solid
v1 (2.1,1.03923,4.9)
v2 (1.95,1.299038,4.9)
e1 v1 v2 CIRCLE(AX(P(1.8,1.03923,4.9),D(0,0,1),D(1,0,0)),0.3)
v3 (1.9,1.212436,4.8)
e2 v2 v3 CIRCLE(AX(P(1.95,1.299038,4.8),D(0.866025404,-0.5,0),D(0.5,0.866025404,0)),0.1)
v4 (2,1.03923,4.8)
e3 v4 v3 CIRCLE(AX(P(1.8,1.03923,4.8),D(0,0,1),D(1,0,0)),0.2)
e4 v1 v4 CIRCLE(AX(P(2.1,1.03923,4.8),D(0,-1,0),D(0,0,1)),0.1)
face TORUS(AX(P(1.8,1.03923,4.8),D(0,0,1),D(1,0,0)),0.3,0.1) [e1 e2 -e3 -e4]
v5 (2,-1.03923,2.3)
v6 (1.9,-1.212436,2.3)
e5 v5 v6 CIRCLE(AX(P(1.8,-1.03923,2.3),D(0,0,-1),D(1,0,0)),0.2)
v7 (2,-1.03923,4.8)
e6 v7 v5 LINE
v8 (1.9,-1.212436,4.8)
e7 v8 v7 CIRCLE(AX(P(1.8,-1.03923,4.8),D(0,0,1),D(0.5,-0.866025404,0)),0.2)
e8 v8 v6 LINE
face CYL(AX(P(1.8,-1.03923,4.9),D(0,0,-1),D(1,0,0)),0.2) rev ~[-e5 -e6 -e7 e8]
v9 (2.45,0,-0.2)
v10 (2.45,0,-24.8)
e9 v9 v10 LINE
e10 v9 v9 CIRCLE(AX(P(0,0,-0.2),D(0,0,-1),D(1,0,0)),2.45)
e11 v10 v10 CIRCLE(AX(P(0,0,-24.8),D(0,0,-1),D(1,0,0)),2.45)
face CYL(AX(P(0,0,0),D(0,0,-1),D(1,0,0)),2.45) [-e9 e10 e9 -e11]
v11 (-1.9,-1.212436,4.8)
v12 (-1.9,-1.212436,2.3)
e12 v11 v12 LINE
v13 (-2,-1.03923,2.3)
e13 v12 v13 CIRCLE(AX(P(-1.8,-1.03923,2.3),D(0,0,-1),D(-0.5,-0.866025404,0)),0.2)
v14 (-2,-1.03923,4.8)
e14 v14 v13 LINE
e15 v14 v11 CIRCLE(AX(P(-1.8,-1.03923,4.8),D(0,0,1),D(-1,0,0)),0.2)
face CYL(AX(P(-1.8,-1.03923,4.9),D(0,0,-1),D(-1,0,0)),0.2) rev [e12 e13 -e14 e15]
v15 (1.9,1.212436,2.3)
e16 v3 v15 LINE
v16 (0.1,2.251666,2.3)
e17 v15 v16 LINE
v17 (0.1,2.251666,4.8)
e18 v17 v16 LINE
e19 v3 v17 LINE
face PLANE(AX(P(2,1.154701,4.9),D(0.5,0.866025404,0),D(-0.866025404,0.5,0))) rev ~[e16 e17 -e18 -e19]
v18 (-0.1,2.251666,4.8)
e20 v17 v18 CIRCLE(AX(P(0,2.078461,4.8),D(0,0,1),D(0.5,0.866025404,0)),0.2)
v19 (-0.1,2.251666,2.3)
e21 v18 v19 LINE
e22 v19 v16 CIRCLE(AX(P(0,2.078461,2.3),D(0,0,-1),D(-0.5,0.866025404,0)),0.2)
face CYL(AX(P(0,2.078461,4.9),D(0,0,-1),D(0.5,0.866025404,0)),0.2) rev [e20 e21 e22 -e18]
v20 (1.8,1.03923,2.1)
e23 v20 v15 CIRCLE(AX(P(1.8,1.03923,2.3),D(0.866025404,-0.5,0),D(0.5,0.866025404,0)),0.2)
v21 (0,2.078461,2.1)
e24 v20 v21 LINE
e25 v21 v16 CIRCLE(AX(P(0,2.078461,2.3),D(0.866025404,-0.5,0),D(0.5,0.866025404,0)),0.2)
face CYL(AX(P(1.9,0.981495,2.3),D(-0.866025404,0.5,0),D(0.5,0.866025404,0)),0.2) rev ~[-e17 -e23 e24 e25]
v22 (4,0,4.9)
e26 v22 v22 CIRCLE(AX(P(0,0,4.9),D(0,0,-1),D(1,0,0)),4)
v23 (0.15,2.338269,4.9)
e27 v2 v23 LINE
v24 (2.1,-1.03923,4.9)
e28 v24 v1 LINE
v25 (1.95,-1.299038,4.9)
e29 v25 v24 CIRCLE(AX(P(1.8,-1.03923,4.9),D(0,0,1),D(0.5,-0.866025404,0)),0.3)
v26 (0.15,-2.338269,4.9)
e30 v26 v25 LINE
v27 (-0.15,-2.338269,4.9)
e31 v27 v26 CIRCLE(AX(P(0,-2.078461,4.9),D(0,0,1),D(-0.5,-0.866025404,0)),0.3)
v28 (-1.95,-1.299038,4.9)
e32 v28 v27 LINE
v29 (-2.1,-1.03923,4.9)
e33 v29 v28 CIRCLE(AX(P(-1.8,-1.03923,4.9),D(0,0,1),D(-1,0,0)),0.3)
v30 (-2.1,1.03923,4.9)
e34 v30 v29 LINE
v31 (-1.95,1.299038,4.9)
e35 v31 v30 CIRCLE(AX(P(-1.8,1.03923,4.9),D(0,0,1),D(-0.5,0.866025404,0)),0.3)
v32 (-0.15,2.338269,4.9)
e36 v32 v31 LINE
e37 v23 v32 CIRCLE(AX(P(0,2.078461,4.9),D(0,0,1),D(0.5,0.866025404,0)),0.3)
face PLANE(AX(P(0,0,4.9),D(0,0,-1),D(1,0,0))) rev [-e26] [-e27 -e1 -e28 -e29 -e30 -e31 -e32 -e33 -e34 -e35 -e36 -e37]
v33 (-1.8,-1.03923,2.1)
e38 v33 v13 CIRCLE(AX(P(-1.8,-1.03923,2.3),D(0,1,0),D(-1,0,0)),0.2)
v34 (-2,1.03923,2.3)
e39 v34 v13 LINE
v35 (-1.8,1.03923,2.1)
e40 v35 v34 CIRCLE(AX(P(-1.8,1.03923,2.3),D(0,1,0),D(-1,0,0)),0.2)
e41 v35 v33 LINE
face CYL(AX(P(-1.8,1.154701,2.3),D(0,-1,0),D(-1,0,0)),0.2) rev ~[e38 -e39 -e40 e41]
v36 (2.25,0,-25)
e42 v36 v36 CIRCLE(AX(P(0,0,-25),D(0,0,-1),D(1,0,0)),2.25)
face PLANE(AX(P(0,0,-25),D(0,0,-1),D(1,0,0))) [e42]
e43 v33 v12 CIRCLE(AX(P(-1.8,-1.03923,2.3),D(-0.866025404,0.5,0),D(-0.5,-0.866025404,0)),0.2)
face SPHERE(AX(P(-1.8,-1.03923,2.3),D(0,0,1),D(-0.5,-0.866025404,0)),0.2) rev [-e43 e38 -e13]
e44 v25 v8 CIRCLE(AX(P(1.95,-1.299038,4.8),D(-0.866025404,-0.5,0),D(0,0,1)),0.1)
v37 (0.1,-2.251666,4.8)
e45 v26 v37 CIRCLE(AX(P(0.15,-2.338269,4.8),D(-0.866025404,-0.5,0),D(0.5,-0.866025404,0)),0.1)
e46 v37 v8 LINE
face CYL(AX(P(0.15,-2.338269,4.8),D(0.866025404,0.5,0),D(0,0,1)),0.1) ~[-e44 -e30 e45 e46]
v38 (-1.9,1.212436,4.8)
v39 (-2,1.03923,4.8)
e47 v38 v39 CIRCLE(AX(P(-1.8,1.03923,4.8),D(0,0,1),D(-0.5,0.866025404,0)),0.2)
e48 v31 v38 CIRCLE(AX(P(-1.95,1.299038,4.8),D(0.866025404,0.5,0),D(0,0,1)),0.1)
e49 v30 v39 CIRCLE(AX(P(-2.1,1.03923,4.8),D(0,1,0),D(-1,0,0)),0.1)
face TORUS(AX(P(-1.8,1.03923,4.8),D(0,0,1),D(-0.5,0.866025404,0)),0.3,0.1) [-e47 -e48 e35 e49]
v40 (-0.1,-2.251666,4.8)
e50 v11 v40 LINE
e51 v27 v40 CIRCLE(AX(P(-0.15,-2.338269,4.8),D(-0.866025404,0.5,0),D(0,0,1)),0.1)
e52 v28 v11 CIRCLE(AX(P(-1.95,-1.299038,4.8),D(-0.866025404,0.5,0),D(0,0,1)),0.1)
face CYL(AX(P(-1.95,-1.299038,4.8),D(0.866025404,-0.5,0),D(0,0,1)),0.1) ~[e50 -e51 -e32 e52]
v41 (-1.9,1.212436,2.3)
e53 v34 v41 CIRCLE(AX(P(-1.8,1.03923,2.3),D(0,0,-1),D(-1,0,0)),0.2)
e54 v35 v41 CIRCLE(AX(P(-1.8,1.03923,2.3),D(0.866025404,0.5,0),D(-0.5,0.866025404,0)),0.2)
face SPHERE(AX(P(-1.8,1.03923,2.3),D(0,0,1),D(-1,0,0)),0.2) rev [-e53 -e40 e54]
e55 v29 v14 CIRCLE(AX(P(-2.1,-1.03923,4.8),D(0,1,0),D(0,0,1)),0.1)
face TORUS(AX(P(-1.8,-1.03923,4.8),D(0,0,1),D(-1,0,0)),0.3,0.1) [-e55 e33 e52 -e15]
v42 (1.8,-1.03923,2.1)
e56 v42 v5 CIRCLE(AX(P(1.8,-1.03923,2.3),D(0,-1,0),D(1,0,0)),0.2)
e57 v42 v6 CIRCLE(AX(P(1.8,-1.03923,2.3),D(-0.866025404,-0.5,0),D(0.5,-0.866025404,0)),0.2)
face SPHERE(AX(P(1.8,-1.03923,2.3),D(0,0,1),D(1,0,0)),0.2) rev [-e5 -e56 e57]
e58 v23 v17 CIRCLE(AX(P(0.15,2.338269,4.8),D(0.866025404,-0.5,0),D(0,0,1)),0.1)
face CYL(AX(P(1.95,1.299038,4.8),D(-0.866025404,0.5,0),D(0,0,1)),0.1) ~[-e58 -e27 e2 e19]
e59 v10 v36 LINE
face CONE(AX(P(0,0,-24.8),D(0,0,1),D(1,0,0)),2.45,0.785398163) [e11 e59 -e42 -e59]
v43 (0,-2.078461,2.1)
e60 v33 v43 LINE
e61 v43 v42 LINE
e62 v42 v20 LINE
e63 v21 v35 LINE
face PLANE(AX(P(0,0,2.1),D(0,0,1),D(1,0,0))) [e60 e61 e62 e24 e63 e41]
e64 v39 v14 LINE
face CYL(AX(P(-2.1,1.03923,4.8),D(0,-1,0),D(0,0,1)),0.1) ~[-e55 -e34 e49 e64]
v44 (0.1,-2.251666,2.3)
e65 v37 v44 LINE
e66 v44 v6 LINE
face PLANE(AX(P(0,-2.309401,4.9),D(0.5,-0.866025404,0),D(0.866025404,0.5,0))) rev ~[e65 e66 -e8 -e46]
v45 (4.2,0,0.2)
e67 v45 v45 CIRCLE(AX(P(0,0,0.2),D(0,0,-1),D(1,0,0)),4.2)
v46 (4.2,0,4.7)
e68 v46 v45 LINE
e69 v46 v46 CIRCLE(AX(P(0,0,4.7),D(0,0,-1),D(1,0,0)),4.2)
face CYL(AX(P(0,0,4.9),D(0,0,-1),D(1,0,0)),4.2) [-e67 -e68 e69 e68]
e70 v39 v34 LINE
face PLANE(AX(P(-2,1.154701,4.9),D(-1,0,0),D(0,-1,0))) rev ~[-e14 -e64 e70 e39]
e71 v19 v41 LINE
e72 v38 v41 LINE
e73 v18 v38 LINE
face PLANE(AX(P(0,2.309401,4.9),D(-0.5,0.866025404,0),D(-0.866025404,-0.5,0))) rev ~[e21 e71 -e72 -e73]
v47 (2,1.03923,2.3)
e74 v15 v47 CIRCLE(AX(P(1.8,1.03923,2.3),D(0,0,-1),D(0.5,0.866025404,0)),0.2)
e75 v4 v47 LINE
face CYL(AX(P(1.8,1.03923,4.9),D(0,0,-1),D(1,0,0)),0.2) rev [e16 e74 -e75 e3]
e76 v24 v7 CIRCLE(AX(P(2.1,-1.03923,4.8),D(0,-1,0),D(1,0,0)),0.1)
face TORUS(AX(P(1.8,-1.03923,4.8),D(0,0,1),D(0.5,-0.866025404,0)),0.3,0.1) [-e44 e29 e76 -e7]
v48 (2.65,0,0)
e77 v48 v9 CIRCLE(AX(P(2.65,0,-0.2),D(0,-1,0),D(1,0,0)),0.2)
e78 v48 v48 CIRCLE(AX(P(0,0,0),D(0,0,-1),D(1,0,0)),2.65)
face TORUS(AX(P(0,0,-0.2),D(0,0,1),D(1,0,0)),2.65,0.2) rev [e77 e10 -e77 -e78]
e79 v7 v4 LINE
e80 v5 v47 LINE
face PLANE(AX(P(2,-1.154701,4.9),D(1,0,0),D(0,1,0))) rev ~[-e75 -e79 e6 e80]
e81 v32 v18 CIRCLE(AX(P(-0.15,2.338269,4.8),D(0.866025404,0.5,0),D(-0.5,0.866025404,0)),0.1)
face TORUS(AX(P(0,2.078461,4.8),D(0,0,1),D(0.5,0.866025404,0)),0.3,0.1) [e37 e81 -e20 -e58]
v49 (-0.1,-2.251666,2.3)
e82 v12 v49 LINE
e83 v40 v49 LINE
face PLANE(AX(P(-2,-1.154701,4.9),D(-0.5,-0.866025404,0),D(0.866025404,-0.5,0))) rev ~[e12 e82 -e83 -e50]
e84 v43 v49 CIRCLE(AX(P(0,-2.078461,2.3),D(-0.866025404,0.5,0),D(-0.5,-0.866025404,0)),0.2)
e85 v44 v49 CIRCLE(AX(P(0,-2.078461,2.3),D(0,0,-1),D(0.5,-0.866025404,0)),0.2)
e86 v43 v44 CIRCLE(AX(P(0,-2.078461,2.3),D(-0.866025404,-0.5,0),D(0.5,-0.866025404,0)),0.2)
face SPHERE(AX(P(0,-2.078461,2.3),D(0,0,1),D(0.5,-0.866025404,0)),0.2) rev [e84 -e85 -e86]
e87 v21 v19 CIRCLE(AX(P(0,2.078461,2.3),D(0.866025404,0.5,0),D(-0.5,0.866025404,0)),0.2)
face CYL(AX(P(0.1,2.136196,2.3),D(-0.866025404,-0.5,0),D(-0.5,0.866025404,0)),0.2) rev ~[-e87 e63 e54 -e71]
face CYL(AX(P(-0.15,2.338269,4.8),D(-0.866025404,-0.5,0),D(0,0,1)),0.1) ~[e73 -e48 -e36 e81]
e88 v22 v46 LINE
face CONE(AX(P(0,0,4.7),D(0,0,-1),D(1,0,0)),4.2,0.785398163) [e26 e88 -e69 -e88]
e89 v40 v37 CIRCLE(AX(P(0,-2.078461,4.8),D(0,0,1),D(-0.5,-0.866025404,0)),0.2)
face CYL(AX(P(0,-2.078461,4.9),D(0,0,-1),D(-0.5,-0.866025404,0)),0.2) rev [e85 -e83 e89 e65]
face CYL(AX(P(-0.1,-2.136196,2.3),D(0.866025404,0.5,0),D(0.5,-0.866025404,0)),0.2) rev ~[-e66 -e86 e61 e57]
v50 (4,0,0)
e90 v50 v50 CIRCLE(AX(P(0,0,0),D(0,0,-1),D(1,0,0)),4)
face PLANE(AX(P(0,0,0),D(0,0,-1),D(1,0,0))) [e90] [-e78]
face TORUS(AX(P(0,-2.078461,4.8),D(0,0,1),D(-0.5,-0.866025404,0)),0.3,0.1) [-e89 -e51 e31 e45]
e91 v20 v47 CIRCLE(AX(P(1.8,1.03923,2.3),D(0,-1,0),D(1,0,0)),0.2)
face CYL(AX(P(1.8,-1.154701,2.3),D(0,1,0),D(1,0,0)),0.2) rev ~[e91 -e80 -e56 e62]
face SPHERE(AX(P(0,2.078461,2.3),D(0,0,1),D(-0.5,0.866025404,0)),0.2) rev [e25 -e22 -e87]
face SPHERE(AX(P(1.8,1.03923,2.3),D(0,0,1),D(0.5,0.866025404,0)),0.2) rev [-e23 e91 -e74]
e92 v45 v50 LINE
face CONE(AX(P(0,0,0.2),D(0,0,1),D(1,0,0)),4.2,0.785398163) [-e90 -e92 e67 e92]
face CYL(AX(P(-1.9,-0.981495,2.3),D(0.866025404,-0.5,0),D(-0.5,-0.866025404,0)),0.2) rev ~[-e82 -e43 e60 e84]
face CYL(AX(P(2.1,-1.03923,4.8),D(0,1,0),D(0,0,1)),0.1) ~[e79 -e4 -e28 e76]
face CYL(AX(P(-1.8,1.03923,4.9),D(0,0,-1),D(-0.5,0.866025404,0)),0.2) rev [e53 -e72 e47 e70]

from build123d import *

# Parameters (mm, degrees)
SCHNITT_LINEAR_AUSTRAGEN1_DEPTH = 2.8
FASE1_SIZE                      = 0.2
VERRUNDUNG1_R                   = 0.2
VERRUNDUNG2_R                   = 0.1


with BuildPart() as part:
    # Skizze1 → Rotation1 (revolve)
    with BuildSketch(Plane(origin=(0, 0, 0), x_dir=(0, 0, -1), z_dir=(1, 0, 0))):
        Polygon((-4.9, 0), (-4.9, 4.2), (0, 4.2), (0, 2.45), (25, 2.45), (25, 0), align=None)
    revolve(axis=Axis((0, 0, 21.919879518), (0, 0, -1)))

    # Skizze2 → Schnitt-Linear austragen1 (cut)
    with BuildSketch(Plane.XY.offset(4.9)):
        Polygon((2, -1.154700538), (2, 1.154700538), (0, 2.309401077), (-2, 1.154700538), (-2, -1.154700538), (0, -2.309401077), align=None)
    extrude(amount=-SCHNITT_LINEAR_AUSTRAGEN1_DEPTH, mode=Mode.SUBTRACT)

    # Fase1
    fase1_edges = [part.edges().sort_by_distance(p)[0] for p in [
        (0, -4.2, 4.9),
        (0, -4.2, 0),
        (0, -2.45, -25),
    ]]
    chamfer(fase1_edges, length=FASE1_SIZE)

    # Verrundung1
    verrundung1_edges = [part.edges().sort_by_distance(p)[0] for p in [
        (-1, -1.732050808, 2.1),
        (-2, 0, 2.1),
        (-1, 1.732050808, 2.1),
        (1, 1.732050808, 2.1),
        (2, 0, 2.1),
        (1, -1.732050808, 2.1),
        (-2, -1.154700538, 3.5),
        (0, -2.309401077, 3.5),
        (2, -1.154700538, 3.5),
        (2, 1.154700538, 3.5),
        (0, 2.309401077, 3.5),
        (-2, 1.154700538, 3.5),
        (0, -2.45, 0),
    ]]
    fillet(verrundung1_edges, radius=VERRUNDUNG1_R)

    # Verrundung2
    verrundung2_edges = [part.edges().sort_by_distance(p)[0] for p in [
        (1.973205081, -1.139230485, 4.9),
        (1, -1.732050808, 4.9),
        (0, -2.278460969, 4.9),
        (-1, -1.732050808, 4.9),
        (-1.973205081, -1.139230485, 4.9),
        (-2, 0, 4.9),
        (-1.973205081, 1.139230485, 4.9),
        (-1, 1.732050808, 4.9),
        (0, 2.278460969, 4.9),
        (1, 1.732050808, 4.9),
        (1.973205081, 1.139230485, 4.9),
        (2, 0, 4.9),
    ]]
    fillet(verrundung2_edges, radius=VERRUNDUNG2_R)


solid = part.part
